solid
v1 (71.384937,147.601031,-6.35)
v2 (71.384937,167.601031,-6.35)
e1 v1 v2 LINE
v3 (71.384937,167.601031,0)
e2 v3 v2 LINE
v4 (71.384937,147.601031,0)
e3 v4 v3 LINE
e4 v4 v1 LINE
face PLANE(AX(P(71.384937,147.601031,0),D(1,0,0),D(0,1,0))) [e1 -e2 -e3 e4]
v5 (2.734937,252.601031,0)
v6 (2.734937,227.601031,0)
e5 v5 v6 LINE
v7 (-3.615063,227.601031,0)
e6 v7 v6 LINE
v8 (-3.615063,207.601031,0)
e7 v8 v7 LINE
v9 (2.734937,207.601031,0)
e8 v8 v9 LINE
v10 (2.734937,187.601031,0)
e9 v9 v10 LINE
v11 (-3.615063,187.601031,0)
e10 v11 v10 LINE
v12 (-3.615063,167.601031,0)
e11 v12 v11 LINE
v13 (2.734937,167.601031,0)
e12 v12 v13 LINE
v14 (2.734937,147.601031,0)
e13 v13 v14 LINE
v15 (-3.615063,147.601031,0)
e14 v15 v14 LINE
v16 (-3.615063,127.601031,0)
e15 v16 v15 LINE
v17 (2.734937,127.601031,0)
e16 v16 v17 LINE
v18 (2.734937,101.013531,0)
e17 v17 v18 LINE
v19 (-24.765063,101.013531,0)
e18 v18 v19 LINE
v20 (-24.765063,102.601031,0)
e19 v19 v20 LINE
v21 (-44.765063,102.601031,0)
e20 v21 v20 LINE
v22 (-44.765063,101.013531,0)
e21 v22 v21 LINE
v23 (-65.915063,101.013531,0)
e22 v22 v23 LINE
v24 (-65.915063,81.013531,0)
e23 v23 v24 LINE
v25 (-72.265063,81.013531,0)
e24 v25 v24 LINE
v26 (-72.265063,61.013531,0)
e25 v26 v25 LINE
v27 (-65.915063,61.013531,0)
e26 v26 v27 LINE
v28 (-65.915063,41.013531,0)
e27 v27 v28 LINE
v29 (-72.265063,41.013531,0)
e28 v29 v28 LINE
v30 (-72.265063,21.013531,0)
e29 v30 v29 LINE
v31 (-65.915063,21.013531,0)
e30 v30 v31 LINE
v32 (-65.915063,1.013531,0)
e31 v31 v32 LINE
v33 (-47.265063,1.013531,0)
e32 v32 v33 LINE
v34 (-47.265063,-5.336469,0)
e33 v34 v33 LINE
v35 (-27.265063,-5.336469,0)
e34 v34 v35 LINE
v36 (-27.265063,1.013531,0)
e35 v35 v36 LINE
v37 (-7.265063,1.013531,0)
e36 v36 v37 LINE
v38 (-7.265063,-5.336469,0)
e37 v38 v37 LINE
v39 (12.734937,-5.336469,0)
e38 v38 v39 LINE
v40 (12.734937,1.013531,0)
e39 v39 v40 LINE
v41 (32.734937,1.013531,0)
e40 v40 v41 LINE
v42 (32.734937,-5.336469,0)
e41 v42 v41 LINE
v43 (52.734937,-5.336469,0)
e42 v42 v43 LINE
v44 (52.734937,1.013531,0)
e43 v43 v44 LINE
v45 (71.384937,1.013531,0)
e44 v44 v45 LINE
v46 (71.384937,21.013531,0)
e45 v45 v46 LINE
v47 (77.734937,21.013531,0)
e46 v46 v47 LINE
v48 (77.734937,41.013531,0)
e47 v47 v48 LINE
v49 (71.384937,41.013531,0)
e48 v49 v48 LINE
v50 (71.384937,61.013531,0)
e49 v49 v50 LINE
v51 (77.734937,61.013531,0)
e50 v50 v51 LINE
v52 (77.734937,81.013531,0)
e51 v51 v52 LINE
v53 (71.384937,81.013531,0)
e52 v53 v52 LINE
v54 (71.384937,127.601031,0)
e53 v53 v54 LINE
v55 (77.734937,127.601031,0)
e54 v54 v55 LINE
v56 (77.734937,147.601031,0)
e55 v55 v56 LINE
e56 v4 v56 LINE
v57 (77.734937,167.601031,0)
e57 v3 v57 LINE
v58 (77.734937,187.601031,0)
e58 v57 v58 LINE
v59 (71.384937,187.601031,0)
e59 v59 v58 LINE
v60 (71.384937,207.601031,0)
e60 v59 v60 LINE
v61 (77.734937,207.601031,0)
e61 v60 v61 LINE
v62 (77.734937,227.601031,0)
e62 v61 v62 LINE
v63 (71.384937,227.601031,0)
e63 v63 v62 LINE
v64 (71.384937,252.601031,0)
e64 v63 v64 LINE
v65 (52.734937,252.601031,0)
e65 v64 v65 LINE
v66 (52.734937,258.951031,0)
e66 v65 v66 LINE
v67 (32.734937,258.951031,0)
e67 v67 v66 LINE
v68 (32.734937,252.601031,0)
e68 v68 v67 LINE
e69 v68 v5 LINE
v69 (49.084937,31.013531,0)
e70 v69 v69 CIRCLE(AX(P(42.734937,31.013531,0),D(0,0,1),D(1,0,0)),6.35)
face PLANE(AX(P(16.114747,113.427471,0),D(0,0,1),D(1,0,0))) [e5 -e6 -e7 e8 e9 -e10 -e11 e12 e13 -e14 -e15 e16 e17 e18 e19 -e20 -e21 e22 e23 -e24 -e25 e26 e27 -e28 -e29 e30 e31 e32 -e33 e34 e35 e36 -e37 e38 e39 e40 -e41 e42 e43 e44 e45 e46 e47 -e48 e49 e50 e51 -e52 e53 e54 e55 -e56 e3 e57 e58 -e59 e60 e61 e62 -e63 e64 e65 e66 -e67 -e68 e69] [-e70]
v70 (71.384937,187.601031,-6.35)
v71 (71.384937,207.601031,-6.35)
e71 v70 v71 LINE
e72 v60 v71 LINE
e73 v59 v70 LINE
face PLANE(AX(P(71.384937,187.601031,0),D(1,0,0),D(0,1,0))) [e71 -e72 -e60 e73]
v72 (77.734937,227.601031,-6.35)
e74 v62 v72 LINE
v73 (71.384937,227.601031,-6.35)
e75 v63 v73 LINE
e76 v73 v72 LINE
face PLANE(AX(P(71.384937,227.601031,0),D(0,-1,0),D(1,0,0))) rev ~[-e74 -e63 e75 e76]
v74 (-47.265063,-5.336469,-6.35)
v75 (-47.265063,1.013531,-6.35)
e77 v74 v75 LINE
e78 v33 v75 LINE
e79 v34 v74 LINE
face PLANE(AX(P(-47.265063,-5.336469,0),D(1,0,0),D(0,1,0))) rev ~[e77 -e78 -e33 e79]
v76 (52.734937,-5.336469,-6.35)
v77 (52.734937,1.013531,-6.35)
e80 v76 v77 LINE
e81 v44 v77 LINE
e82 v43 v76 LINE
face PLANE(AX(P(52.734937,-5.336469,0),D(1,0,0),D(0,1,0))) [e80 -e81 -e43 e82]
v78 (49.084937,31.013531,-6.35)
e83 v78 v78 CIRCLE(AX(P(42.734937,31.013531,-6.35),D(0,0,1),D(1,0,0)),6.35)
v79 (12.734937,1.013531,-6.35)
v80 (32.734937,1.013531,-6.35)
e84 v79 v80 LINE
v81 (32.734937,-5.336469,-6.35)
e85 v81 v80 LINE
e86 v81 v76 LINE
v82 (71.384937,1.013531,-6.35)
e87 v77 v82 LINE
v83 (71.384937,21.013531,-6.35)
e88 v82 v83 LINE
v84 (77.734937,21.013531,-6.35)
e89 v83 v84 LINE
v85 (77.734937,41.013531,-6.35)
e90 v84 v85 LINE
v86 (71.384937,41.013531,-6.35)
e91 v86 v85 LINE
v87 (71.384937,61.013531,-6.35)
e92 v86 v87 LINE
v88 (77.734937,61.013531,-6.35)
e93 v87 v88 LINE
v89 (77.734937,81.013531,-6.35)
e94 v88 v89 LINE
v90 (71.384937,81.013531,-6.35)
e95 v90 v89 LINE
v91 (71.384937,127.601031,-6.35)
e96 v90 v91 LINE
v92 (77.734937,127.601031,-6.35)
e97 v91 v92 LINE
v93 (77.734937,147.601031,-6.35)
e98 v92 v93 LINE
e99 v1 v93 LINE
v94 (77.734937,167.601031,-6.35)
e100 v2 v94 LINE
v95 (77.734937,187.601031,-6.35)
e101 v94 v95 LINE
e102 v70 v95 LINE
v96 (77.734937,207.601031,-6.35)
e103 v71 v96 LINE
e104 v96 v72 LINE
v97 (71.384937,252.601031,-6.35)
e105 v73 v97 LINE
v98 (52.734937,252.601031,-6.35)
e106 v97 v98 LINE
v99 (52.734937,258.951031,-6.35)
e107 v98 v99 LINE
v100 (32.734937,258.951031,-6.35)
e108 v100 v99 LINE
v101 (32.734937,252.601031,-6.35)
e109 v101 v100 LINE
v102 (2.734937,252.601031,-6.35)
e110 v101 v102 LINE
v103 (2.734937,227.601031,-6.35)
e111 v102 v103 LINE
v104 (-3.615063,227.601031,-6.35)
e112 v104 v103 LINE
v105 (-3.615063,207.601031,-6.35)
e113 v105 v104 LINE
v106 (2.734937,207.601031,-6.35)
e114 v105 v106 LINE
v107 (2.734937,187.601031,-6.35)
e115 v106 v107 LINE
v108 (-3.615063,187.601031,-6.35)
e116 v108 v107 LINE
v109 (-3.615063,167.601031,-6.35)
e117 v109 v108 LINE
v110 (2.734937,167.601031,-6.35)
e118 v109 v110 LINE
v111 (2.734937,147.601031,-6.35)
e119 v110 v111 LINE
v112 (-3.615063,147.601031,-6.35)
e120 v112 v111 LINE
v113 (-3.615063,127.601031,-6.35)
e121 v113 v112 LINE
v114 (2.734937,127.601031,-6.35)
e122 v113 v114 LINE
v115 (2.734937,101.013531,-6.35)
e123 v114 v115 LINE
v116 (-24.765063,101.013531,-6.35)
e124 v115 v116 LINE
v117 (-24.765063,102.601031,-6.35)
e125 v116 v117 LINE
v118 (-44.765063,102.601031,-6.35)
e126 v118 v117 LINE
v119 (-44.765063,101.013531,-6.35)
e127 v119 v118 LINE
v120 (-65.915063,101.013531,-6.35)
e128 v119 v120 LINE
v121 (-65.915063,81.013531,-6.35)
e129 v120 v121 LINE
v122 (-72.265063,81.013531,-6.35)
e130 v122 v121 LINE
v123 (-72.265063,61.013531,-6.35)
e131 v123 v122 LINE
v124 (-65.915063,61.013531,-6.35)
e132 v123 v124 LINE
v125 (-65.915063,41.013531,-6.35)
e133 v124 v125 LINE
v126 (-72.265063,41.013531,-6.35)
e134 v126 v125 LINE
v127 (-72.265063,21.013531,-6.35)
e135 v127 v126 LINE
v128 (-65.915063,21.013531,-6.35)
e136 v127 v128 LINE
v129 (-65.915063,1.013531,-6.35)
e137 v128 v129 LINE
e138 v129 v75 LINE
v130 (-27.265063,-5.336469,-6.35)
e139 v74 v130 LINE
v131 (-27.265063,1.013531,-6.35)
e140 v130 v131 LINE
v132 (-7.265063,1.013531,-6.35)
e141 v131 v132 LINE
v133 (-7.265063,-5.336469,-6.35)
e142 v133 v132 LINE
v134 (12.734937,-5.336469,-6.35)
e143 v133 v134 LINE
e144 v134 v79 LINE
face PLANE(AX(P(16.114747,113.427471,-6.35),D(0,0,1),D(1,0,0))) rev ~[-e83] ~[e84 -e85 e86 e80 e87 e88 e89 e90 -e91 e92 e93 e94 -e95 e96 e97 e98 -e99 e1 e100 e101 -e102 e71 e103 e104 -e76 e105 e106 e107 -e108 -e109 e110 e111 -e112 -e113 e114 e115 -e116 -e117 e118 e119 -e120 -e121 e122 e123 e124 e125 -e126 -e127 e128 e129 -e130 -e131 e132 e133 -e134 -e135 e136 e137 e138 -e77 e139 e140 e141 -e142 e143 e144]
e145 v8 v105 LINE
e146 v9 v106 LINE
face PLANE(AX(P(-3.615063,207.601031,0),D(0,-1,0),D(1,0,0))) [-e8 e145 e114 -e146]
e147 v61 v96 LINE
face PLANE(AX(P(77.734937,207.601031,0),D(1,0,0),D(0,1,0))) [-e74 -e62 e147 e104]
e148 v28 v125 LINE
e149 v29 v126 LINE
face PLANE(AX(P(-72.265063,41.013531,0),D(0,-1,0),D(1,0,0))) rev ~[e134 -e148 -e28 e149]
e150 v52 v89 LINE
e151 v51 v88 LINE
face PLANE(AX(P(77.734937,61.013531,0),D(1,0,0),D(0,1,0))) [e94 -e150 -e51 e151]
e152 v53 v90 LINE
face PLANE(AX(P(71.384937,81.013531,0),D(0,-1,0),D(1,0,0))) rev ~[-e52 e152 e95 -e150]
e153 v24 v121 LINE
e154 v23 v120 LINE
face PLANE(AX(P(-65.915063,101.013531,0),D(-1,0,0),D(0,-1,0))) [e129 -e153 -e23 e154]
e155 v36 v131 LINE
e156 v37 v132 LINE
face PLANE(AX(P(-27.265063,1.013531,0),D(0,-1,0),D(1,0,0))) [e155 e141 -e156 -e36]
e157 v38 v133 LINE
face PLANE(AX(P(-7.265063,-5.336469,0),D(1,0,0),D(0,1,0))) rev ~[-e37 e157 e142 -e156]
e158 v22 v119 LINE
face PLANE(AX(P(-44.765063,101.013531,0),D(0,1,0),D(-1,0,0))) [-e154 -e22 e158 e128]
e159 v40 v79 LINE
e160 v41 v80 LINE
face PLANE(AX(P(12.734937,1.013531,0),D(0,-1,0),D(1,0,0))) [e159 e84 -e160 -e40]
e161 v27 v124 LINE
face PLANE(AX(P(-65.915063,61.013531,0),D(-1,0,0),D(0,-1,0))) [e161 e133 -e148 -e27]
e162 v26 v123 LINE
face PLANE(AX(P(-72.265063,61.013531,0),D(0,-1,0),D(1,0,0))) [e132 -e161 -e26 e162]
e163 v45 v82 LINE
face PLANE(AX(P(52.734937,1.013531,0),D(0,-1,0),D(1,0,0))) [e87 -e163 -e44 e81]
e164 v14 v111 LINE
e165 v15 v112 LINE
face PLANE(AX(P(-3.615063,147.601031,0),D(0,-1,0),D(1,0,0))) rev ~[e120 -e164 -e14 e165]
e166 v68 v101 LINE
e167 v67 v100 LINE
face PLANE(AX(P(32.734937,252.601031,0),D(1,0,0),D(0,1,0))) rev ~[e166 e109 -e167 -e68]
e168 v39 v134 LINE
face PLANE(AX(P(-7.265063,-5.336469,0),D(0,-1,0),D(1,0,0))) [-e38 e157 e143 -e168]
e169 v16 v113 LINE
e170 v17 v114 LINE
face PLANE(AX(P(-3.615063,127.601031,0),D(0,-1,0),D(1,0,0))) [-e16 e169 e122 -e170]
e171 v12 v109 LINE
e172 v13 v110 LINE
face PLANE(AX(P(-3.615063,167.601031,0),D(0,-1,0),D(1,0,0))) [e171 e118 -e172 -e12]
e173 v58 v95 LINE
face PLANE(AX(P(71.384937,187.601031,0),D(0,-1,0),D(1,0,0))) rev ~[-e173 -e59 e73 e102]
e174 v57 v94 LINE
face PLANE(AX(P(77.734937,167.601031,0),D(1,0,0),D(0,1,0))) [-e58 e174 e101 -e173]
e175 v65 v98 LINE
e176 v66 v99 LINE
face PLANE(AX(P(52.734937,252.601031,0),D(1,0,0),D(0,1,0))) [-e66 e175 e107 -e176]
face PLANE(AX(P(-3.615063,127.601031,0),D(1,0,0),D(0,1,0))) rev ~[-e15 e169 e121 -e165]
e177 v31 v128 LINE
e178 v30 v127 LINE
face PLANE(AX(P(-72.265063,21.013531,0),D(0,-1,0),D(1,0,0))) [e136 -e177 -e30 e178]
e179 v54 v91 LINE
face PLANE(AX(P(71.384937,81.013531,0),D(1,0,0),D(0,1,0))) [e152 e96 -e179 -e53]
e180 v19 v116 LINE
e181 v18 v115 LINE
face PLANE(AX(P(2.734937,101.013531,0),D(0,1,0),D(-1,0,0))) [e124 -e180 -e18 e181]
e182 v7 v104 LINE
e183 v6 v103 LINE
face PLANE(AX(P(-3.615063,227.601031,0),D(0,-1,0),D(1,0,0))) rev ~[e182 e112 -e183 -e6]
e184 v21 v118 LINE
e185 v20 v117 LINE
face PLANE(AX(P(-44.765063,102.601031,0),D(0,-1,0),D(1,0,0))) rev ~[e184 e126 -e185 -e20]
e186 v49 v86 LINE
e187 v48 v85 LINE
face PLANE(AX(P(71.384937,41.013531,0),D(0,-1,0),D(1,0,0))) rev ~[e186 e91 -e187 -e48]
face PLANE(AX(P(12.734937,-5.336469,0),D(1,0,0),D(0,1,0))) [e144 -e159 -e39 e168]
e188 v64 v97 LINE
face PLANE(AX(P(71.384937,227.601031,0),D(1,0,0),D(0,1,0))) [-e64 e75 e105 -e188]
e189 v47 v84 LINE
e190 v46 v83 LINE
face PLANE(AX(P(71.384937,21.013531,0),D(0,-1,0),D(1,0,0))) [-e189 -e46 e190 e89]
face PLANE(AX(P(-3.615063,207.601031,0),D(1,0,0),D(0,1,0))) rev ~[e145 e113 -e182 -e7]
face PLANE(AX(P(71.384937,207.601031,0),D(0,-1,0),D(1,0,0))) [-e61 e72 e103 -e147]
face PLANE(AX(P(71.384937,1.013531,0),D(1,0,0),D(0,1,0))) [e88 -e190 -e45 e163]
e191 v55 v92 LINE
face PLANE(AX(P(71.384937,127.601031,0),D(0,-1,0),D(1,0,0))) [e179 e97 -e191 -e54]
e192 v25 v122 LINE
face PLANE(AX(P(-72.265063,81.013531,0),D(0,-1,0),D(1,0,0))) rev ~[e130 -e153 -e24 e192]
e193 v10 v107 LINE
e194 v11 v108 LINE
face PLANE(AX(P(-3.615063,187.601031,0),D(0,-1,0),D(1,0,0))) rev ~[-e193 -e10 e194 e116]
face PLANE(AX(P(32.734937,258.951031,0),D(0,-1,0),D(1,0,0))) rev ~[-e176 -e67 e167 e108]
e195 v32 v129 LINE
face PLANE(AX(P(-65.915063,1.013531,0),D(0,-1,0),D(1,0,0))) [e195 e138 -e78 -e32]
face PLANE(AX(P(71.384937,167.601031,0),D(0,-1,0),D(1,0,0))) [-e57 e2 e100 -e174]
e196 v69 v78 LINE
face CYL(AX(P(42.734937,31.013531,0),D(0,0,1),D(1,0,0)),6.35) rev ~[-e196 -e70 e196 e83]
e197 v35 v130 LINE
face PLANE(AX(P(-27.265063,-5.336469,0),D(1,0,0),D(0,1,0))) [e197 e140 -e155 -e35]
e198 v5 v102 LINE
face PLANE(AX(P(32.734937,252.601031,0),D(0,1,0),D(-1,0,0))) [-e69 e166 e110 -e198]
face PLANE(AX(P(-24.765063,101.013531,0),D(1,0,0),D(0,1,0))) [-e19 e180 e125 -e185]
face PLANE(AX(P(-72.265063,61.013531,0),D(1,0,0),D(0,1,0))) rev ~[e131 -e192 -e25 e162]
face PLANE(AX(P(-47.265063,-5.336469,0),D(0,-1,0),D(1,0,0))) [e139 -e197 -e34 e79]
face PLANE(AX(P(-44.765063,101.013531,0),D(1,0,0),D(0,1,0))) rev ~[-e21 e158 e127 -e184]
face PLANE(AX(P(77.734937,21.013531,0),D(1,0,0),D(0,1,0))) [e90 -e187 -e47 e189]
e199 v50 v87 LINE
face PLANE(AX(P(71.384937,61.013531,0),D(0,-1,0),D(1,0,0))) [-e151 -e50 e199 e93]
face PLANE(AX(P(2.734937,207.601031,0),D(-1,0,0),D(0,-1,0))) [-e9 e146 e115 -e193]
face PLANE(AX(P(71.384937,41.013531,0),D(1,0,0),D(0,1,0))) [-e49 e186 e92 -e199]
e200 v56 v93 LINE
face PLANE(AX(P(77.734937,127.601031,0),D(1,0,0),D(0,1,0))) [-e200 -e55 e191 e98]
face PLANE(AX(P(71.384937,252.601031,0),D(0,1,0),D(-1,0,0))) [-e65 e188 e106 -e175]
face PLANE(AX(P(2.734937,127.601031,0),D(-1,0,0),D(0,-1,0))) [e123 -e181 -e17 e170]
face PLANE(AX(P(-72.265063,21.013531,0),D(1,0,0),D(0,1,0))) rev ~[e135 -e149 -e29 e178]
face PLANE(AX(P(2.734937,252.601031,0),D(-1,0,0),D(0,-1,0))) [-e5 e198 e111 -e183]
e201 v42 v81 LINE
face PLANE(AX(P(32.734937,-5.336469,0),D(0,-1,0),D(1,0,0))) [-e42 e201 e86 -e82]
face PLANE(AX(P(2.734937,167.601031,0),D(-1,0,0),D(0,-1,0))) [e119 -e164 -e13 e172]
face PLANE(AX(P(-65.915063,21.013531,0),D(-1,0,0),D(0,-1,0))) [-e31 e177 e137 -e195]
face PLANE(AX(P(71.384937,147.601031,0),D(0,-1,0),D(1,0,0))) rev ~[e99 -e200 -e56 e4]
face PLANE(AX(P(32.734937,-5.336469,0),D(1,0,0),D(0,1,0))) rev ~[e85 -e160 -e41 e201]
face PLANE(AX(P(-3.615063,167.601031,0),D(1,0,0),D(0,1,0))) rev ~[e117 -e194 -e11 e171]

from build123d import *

# Parameters (mm, degrees)
SKETCH1_R           = 19.125454448
SKETCH1_W           = 20
SKETCH1_H           = 1.5875
SKETCH1_W_2         = 6.35
SKETCH1_H_2         = 20
SKETCH1_H_3         = 6.35
SKETCH1_R_2         = 6.35
BOSS_EXTRUDE1_DEPTH = 6.35


with BuildPart() as part:
    # Sketch1 → Boss-Extrude1 (new body)
    with BuildSketch(Plane.XY):
        Polygon((71.384937154, 207.60103085), (71.384937154, 227.60103085), (71.384937154, 252.60103085), (52.734937154, 252.60103085), (32.734937154, 252.60103085), (2.734937154, 252.60103085), (2.734937154, 227.60103085), (2.734937154, 207.60103085), (2.734937154, 187.60103085), (2.734937154, 167.60103085), (2.734937154, 147.60103085), (2.734937154, 127.60103085), (2.734937154, 102.60103085), (2.734937154, 101.01353085), (-24.765062846, 101.01353085), (-44.765062846, 101.01353085), (-65.915062846, 101.01353085), (-65.915062846, 81.01353085), (-65.915062846, 61.01353085), (-65.915062846, 41.01353085), (-65.915062846, 21.01353085), (-65.915062846, 1.01353085), (-47.265062846, 1.01353085), (-27.265062846, 1.01353085), (-7.265062846, 1.01353085), (12.734937154, 1.01353085), (32.734937154, 1.01353085), (52.734937154, 1.01353085), (71.384937154, 1.01353085), (71.384937154, 21.01353085), (71.384937154, 41.01353085), (71.384937154, 61.01353085), (71.384937154, 81.01353085), (71.384937154, 127.60103085), (71.384937154, 147.60103085), (71.384937154, 167.60103085), (71.384937154, 187.60103085), align=None)
        with Locations((42.734937154, 31.01353085)):
            Circle(SKETCH1_R, mode=Mode.SUBTRACT)
        with Locations((-34.765062846, 101.80728085)):
            Rectangle(SKETCH1_W, SKETCH1_H)
        with Locations((-69.090062846, 71.01353085)):
            Rectangle(SKETCH1_W_2, SKETCH1_H_2)
        with Locations((-69.090062846, 31.01353085)):
            Rectangle(SKETCH1_W_2, SKETCH1_H_2)
        with Locations((-37.265062846, -2.16146915)):
            Rectangle(SKETCH1_W, SKETCH1_H_3)
        with Locations((2.734937154, -2.16146915)):
            Rectangle(SKETCH1_W, SKETCH1_H_3)
        with Locations((42.734937154, -2.16146915)):
            Rectangle(SKETCH1_W, SKETCH1_H_3)
        with Locations((74.559937154, 31.01353085)):
            Rectangle(SKETCH1_W_2, SKETCH1_H_2)
        with Locations((74.559937154, 71.01353085)):
            Rectangle(SKETCH1_W_2, SKETCH1_H_2)
        with Locations((74.559937154, 137.60103085)):
            Rectangle(SKETCH1_W_2, SKETCH1_H_2)
        with Locations((74.559937154, 177.60103085)):
            Rectangle(SKETCH1_W_2, SKETCH1_H_2)
        with Locations((74.559937154, 217.60103085)):
            Rectangle(SKETCH1_W_2, SKETCH1_H_2)
        with Locations((42.734937154, 255.77603085)):
            Rectangle(SKETCH1_W, SKETCH1_H_3)
        with Locations((-0.440062846, 217.60103085)):
            Rectangle(SKETCH1_W_2, SKETCH1_H_2)
        with Locations((-0.440062846, 177.60103085)):
            Rectangle(SKETCH1_W_2, SKETCH1_H_2)
        with Locations((-0.440062846, 137.60103085)):
            Rectangle(SKETCH1_W_2, SKETCH1_H_2)
        with Locations((42.734937154, 31.01353085)):
            Circle(SKETCH1_R)
        with Locations((42.734937154, 31.01353085)):
            Circle(SKETCH1_R_2, mode=Mode.SUBTRACT)
    extrude(amount=-BOSS_EXTRUDE1_DEPTH)


solid = part.part
